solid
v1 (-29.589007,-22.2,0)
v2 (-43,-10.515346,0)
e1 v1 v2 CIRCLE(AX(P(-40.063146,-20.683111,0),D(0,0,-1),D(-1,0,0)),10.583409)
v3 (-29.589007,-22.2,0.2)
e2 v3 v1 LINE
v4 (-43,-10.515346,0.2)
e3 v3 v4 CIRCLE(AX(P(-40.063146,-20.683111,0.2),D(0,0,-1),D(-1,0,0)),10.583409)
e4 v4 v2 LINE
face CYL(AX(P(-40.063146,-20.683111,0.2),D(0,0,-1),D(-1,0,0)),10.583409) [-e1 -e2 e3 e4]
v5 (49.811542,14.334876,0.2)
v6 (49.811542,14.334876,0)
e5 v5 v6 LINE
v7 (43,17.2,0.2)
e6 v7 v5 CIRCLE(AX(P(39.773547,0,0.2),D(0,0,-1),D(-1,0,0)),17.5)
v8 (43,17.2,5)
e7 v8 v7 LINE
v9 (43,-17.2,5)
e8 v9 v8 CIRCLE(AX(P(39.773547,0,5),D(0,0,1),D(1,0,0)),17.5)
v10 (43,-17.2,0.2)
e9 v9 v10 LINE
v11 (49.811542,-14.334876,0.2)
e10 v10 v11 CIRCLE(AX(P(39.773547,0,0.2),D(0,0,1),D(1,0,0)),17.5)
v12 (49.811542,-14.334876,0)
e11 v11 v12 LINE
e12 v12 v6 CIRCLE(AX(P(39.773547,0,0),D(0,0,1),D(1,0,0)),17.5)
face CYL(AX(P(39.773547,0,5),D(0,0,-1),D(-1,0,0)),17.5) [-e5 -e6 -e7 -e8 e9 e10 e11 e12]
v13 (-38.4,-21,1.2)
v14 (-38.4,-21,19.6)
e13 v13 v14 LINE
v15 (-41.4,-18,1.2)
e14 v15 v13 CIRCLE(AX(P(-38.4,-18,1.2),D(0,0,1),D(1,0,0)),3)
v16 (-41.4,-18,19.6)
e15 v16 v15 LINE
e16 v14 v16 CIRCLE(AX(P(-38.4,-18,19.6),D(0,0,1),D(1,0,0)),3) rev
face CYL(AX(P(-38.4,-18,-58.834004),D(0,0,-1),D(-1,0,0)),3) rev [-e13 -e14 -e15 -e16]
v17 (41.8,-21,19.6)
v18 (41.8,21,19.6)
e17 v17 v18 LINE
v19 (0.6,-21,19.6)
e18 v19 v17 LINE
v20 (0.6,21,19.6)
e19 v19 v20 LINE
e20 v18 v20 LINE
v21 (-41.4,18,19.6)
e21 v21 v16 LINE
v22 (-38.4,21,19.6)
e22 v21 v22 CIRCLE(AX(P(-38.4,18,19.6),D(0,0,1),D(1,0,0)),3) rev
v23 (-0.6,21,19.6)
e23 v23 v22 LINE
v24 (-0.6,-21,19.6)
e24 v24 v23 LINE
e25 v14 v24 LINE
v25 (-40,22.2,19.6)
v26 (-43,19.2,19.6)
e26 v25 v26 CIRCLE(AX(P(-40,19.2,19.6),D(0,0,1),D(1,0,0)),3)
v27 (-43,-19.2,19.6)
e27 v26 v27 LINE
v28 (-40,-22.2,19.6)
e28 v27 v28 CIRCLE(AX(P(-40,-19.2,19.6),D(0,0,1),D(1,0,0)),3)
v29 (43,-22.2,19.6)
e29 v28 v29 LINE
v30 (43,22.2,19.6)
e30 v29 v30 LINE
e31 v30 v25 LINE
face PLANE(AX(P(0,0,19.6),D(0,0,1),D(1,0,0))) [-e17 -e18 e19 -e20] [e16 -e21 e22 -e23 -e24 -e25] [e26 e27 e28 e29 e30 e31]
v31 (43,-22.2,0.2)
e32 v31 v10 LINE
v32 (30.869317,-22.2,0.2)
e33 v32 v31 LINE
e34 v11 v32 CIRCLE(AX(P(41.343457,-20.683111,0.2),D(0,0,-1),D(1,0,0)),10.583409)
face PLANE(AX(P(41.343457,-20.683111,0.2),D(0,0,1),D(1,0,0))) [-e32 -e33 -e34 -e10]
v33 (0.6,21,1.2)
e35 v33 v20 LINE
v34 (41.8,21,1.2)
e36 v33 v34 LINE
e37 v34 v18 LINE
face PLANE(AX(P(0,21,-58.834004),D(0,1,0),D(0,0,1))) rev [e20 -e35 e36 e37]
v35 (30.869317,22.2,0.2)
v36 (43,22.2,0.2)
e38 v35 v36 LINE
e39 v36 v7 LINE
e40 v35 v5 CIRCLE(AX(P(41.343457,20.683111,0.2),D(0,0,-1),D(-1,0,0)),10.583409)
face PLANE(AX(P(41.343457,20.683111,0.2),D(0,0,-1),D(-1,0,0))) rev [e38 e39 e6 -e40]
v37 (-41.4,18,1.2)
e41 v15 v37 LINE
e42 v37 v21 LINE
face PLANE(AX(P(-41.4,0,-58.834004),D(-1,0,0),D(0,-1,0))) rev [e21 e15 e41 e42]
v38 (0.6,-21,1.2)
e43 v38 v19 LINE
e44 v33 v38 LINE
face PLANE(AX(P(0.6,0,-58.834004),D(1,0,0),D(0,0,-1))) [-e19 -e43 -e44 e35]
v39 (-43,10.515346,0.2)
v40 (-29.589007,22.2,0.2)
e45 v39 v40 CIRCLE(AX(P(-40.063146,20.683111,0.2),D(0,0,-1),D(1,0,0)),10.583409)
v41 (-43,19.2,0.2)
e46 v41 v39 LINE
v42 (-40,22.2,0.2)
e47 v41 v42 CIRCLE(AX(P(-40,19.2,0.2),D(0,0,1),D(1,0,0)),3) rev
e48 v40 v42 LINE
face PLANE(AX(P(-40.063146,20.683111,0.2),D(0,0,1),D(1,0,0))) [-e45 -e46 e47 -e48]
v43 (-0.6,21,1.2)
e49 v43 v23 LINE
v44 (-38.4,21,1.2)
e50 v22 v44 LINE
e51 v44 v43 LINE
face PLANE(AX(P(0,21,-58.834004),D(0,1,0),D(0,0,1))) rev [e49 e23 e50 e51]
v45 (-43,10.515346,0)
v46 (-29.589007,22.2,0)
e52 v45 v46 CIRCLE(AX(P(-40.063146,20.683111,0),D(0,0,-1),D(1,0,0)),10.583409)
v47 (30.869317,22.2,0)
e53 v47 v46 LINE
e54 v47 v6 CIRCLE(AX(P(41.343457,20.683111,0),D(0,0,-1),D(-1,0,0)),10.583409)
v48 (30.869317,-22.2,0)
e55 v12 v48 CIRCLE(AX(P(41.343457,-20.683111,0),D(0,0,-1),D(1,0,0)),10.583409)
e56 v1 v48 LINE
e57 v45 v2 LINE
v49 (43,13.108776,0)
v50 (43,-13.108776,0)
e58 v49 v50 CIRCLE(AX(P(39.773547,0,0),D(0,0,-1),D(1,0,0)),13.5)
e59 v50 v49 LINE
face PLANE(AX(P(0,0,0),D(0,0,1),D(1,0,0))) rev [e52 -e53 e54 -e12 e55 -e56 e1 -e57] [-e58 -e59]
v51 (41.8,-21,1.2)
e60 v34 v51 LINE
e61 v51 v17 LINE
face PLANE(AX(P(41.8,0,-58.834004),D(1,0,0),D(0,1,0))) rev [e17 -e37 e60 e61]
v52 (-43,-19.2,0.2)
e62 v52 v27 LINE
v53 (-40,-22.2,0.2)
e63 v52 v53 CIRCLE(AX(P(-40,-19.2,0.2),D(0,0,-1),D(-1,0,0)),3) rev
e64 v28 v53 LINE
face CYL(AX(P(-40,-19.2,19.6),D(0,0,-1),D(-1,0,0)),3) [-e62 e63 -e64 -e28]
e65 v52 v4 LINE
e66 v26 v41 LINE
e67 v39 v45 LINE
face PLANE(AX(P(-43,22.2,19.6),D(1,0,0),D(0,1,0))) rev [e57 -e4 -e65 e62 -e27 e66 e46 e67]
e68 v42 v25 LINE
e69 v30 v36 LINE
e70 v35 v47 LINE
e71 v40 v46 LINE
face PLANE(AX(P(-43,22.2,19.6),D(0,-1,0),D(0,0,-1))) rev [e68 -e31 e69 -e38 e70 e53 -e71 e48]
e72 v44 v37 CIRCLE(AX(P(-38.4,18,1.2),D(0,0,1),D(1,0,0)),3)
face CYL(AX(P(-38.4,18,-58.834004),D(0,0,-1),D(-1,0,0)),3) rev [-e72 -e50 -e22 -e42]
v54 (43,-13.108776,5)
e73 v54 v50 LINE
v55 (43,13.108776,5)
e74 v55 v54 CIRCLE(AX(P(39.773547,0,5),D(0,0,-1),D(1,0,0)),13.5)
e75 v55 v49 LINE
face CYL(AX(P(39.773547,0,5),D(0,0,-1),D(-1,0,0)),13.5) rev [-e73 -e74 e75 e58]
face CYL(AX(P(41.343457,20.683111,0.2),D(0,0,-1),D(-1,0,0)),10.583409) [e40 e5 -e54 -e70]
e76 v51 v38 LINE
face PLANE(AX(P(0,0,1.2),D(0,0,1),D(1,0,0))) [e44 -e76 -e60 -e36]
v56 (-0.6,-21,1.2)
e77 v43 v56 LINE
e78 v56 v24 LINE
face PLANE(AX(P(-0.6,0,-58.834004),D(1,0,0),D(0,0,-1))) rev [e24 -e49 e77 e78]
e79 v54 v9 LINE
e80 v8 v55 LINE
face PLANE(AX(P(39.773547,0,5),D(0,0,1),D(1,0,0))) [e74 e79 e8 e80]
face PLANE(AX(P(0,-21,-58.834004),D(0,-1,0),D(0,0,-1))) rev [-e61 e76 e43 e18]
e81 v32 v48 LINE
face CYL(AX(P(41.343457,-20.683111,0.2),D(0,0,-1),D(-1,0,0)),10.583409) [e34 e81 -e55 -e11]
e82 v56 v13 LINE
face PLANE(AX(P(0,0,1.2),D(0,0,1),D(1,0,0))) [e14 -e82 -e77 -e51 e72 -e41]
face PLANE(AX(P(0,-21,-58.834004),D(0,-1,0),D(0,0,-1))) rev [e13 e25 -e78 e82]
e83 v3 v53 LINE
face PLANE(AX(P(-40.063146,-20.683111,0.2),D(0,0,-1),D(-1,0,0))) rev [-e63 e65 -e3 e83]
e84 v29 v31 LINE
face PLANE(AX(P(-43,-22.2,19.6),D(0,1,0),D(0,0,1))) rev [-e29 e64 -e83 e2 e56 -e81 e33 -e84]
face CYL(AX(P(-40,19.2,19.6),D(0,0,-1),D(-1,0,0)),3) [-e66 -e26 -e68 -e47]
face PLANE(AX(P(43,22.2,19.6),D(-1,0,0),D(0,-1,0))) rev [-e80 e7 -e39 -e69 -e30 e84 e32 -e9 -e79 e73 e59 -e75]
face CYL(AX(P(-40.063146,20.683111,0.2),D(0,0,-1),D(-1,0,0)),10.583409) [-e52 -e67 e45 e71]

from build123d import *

# Parameters (mm, degrees)
SKETCH_1_W          = 86
SKETCH_1_H          = 44.4
EXTRUDE_1_DEPTH     = 19.6
EXTRUDE_2_DEPTH     = 5
SKETCH_3_W          = 40.8
SKETCH_3_H          = 42
SKETCH_3_W_2        = 41.2
CUT_EXTRUDE_1_DEPTH = 18.4
FILLET_1_R          = 3
EXTRUDE_3_DEPTH     = 0.2


with BuildPart() as part:
    # Эскиз1 → Бобышка-Вытянуть1 (new body)
    with BuildSketch(Plane.XY):
        Rectangle(SKETCH_1_W, SKETCH_1_H)
    extrude(amount=EXTRUDE_1_DEPTH)

    # Эскиз2 → Бобышка-Вытянуть2 (add)
    with BuildSketch(Plane.XY):
        with BuildLine():
            Line((43, 17.2), (43, 13.108775687))
            ThreePointArc((43, 13.108775687), (53.273546839, 0), (43, -13.108775687))
            Line((43, -13.108775687), (43, -17.2))
            ThreePointArc((43, -17.2), (57.273546839, 0), (43, 17.2))
        make_face()
    extrude(amount=EXTRUDE_2_DEPTH)

    # Эскиз3 → Вырез-Вытянуть1 (cut)
    with BuildSketch(Plane.XY.offset(19.6)):
        with Locations((-21, 0)):
            Rectangle(SKETCH_3_W, SKETCH_3_H)
        with Locations((21.2, 0)):
            Rectangle(SKETCH_3_W_2, SKETCH_3_H)
    extrude(amount=-CUT_EXTRUDE_1_DEPTH, mode=Mode.SUBTRACT)

    # Скругление1
    fillet_1_edges = [part.edges().sort_by_distance(p)[0] for p in [
        (-41.4, -21, 10.4),
        (-41.4, 21, 10.4),
        (-43, -22.2, 9.8),
        (-43, 22.2, 9.8),
    ]]
    fillet(fillet_1_edges, radius=FILLET_1_R)

    # Эскиз4 → Бобышка-Вытянуть3 (add)
    with BuildSketch(Plane(origin=(0, 0, 0), x_dir=(-1, 0, 0), z_dir=(0, 0, -1))):
        with BuildLine():
            Line((-49.811541671, 14.334875645), (-30.869317388, 22.2))
            ThreePointArc((-30.869317388, 22.2), (-45.401918337, 30.45743659), (-49.811541671, 14.334875645))
        make_face()
        with BuildLine():
            Line((43, 10.515346091), (29.589006911, 22.2))
            ThreePointArc((29.589006911, 22.2), (47.015516822, 28.662653345), (43, 10.515346091))
        make_face()
        with BuildLine():
            Line((43, -10.515346091), (29.589006911, -22.2))
            ThreePointArc((29.589006911, -22.2), (47.015516822, -28.662653345), (43, -10.515346091))
        make_face()
        with BuildLine():
            Line((-49.811541671, -14.334875645), (-30.869317388, -22.2))
            ThreePointArc((-30.869317388, -22.2), (-45.401918337, -30.45743659), (-49.811541671, -14.334875645))
        make_face()
    extrude(amount=-EXTRUDE_3_DEPTH)


solid = part.part
